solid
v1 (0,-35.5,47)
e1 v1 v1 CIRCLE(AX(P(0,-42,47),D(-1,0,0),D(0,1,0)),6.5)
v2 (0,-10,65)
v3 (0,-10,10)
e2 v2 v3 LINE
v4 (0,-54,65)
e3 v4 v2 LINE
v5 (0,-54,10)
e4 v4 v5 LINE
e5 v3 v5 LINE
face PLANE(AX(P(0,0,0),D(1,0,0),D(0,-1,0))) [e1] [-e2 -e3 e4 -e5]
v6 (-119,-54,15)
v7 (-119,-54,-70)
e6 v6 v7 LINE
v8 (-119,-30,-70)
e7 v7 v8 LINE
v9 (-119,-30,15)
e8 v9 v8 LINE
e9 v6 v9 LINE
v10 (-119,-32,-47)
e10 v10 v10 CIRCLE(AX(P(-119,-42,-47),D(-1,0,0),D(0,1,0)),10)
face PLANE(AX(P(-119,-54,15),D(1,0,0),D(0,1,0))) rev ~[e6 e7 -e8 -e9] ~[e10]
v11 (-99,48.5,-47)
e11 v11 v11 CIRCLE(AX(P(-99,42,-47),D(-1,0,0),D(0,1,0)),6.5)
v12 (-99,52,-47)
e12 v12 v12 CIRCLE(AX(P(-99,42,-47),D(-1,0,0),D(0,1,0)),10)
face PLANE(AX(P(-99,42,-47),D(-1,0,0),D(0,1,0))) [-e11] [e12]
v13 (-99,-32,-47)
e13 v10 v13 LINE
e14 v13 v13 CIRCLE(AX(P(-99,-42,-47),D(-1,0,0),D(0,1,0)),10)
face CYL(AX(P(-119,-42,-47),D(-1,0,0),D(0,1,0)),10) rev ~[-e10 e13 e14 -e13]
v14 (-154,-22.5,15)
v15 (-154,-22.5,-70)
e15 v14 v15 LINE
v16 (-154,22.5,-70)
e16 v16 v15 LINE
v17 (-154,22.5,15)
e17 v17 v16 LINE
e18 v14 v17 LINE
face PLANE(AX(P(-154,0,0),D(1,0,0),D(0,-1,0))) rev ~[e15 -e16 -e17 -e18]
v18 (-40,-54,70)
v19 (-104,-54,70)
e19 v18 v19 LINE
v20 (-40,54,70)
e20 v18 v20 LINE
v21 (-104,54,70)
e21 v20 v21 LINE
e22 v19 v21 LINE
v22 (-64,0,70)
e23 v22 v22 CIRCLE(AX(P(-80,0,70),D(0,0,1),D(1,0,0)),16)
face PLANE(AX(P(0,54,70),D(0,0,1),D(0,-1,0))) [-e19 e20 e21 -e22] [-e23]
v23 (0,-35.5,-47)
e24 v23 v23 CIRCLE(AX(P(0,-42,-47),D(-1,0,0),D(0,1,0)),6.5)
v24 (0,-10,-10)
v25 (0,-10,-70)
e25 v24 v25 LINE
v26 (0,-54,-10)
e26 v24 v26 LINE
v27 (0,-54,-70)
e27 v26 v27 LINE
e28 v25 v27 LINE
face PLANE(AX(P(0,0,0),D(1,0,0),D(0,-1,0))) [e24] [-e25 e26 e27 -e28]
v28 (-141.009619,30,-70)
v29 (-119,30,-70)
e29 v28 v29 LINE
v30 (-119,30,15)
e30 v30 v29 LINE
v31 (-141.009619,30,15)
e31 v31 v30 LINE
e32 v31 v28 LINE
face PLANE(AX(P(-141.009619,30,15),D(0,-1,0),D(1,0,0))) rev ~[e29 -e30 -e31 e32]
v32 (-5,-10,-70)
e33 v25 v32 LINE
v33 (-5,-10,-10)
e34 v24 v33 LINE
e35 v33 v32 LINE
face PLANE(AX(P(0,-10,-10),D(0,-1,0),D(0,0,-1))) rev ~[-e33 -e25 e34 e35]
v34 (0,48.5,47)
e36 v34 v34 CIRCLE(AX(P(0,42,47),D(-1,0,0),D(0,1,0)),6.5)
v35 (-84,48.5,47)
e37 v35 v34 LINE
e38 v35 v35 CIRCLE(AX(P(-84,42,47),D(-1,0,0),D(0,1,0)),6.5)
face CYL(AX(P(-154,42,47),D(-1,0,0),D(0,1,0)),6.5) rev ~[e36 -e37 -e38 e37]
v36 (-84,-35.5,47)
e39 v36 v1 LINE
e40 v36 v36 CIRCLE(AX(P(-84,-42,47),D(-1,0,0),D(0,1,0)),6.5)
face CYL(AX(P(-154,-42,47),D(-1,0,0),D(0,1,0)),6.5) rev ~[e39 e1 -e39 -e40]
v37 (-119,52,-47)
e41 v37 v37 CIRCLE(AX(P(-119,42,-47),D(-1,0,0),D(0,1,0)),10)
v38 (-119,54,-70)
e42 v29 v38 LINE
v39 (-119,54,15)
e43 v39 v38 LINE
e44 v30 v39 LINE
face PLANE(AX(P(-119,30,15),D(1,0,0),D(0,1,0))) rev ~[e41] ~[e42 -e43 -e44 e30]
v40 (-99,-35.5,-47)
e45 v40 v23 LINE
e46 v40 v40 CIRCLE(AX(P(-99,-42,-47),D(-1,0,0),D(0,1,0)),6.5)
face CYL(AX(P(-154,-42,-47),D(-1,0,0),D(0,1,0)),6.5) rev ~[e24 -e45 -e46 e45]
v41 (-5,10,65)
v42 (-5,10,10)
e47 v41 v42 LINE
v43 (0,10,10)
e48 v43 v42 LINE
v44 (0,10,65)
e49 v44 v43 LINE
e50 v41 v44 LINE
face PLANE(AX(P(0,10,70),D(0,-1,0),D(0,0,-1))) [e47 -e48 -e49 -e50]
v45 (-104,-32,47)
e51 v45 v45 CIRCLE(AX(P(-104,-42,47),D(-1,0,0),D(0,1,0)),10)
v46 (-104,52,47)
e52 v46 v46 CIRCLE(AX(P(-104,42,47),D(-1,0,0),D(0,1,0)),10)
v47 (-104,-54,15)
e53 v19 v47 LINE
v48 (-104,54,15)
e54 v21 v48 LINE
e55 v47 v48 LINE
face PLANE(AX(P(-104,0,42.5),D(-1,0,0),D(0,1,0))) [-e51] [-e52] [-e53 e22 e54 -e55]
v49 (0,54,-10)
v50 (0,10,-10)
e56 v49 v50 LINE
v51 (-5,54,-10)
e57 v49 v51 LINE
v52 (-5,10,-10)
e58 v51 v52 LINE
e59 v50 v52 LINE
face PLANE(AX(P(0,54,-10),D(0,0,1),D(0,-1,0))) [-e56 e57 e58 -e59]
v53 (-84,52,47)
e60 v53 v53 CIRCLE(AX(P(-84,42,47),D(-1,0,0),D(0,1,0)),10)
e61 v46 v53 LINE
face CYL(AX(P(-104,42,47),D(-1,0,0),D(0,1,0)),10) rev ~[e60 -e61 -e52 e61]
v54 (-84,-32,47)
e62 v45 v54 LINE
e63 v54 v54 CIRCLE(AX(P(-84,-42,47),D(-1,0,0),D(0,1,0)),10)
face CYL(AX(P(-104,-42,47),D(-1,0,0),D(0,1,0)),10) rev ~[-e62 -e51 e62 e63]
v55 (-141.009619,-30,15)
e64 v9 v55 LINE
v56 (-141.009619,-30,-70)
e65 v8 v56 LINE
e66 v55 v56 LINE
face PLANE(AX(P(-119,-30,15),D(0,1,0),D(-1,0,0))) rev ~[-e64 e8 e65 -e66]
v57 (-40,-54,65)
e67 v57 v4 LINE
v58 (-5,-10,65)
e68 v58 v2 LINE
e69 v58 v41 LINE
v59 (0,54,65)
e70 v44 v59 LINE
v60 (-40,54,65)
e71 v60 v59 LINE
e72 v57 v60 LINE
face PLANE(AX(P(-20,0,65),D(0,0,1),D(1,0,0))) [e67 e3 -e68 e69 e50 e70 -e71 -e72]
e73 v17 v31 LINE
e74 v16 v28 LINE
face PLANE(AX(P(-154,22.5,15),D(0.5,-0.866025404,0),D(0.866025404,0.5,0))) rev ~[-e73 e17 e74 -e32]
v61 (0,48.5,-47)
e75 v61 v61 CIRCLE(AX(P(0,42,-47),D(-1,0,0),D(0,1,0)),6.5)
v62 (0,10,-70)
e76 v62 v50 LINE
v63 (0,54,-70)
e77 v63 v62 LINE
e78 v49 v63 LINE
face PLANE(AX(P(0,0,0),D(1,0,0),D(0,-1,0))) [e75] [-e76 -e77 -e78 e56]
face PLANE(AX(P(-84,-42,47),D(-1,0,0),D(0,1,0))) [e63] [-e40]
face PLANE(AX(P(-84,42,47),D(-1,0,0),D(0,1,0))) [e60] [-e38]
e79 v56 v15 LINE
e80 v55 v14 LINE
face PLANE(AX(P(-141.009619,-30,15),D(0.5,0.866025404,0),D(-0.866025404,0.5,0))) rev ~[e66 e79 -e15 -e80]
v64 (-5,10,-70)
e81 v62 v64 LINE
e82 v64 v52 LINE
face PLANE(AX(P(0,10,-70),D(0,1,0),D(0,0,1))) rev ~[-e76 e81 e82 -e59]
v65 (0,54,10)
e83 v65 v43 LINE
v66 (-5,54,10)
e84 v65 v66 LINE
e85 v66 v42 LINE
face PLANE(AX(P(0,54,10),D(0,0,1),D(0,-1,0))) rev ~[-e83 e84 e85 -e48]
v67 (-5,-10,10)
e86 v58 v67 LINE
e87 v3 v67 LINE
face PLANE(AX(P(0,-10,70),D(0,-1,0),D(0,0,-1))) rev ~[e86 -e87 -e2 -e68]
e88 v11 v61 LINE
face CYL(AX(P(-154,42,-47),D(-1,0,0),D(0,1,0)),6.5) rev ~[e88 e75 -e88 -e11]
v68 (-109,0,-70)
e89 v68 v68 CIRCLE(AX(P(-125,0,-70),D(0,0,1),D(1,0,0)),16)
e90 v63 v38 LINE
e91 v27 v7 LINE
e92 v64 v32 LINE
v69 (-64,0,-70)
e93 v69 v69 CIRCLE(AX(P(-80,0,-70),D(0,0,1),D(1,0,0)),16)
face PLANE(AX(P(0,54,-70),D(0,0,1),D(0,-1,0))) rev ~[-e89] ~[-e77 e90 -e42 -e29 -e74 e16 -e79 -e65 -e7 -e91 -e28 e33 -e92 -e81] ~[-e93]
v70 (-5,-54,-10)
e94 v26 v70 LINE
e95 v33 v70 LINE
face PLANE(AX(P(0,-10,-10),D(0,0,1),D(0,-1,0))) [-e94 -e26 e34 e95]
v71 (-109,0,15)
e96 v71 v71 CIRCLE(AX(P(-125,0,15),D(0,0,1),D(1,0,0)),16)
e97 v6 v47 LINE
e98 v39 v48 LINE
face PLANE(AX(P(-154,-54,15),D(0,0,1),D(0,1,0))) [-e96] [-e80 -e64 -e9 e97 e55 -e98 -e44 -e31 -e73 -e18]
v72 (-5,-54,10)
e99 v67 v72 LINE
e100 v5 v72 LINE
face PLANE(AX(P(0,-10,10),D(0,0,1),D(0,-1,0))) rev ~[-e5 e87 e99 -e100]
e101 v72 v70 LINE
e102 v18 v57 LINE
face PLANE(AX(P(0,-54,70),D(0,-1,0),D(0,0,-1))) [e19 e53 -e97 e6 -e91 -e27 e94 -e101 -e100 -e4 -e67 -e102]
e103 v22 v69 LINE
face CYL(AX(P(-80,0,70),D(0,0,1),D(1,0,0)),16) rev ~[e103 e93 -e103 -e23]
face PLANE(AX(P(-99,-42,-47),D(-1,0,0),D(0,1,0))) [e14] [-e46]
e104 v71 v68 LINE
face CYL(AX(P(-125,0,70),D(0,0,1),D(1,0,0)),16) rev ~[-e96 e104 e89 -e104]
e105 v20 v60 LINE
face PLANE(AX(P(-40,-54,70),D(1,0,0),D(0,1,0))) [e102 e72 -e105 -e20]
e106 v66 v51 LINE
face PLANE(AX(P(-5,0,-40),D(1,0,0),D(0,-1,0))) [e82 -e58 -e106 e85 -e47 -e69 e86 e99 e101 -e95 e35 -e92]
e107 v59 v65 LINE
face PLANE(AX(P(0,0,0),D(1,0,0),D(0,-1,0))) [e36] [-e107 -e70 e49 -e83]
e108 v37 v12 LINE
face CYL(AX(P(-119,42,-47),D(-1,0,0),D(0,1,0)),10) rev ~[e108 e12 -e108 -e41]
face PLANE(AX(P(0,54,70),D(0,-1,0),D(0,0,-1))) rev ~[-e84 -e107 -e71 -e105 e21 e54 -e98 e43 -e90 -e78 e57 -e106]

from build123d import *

# Parameters (mm, degrees)
F0_W      = 108
F0_H      = 140
F1_DEPTH  = 154
F2_R      = 6.5
F3_DEPTH  = 154.001
F4_R      = 16
F5_DEPTH  = 140.001
F6_W      = 108
F6_H      = 55
F7_DEPTH  = 50
F9_DEPTH  = 85.001
F10_W     = 40
F10_H     = 108
F11_DEPTH = 5
F12_R     = 10
F13_DEPTH = 20
F14_R     = 10
F15_DEPTH = 20
F16_W     = 20
F16_H     = 60
F16_W_2   = 44
F16_H_2   = 20
F17_DEPTH = 5
F19_ANGLE = 180


with BuildPart() as f1:
    # F0 (on Right) → F1 (new body)
    with BuildSketch(Plane.YZ):
        Rectangle(F0_W, F0_H)
    extrude(amount=-F1_DEPTH)

    # F2 (on face) → F3 (cut, through all)
    with BuildSketch(Plane(origin=(-154, 0, 0), x_dir=(0, -1, 0), z_dir=(-1, 0, 0))):
        with Locations((-42, 47)):
            Circle(F2_R)
        with Locations((42, 47)):
            Circle(F2_R)
        with Locations((-42, -47)):
            Circle(F2_R)
        with Locations((42, -47)):
            Circle(F2_R)
    extrude(amount=-F3_DEPTH, mode=Mode.SUBTRACT)

    # F4 (on face) → F5 (cut, through all)
    with BuildSketch(Plane(origin=(0, 0, -70), x_dir=(1, 0, 0), z_dir=(0, 0, -1))):
        with Locations((-125, 0)):
            Circle(F4_R)
        with Locations((-80, 0)):
            Circle(F4_R)
    extrude(amount=-F5_DEPTH, mode=Mode.SUBTRACT)

    # F6 (on face) → F7 (cut)
    with BuildSketch(Plane(origin=(-154, 0, 0), x_dir=(0, -1, 0), z_dir=(-1, 0, 0))):
        with Locations((0, -42.5)):
            Rectangle(F6_W, F6_H)
    extrude(amount=-F7_DEPTH, mode=Mode.SUBTRACT)

    # F8 (on face) → F9 (cut, through all)
    with BuildSketch(Plane(origin=(0, 0, -15), x_dir=(1, 0, 0), z_dir=(0, 0, -1))):
        Polygon((-154, -54), (-119, -54), (-119, -30), (-141.0096189432, -30), (-154, -22.5), align=None)
        Polygon((-119, 30), (-119, 54), (-154, 54), (-154, 22.5), (-141.0096189432, 30), align=None)
    extrude(amount=-F9_DEPTH, mode=Mode.SUBTRACT)

    # F10 (on face) → F11 (cut)
    with BuildSketch(Plane(origin=(0, 0, -70), x_dir=(1, 0, 0), z_dir=(0, 0, -1))):
        with Locations((-20, 0)):
            Rectangle(F10_W, F10_H)
    extrude(amount=-F11_DEPTH, mode=Mode.SUBTRACT)

    # F12 (on face) → F13 (cut)
    with BuildSketch(Plane(origin=(-104, 0, 0), x_dir=(0, -1, 0), z_dir=(-1, 0, 0))):
        with Locations((-42, -47)):
            Circle(F12_R)
        with Locations((42, -47)):
            Circle(F12_R)
    extrude(amount=-F13_DEPTH, mode=Mode.SUBTRACT)

    # F14 (on face) → F15 (cut)
    with BuildSketch(Plane(origin=(-119, 0, 0), x_dir=(0, -1, 0), z_dir=(-1, 0, 0))):
        with Locations((-42, 47)):
            Circle(F14_R)
        with Locations((42, 47)):
            Circle(F14_R)
    extrude(amount=-F15_DEPTH, mode=Mode.SUBTRACT)

    # F16 (on face) → F17 (cut)
    with BuildSketch(Plane.YZ):
        with Locations((0, 40)):
            Rectangle(F16_W, F16_H)
        with Locations((32, 0)):
            Rectangle(F16_W_2, F16_H_2)
        Rectangle(F16_W, F16_H_2)
        with Locations((-32, 0)):
            Rectangle(F16_W_2, F16_H_2)
        with Locations((0, -40)):
            Rectangle(F16_W, F16_H)
    extrude(amount=-F17_DEPTH, mode=Mode.SUBTRACT)


with BuildPart() as f1_1:
    # F19: moved
    add(f1.part.rotate(Axis((58.3656840026, 0, 0), (1, 0, 0)), F19_ANGLE))


solid = f1_1.part
